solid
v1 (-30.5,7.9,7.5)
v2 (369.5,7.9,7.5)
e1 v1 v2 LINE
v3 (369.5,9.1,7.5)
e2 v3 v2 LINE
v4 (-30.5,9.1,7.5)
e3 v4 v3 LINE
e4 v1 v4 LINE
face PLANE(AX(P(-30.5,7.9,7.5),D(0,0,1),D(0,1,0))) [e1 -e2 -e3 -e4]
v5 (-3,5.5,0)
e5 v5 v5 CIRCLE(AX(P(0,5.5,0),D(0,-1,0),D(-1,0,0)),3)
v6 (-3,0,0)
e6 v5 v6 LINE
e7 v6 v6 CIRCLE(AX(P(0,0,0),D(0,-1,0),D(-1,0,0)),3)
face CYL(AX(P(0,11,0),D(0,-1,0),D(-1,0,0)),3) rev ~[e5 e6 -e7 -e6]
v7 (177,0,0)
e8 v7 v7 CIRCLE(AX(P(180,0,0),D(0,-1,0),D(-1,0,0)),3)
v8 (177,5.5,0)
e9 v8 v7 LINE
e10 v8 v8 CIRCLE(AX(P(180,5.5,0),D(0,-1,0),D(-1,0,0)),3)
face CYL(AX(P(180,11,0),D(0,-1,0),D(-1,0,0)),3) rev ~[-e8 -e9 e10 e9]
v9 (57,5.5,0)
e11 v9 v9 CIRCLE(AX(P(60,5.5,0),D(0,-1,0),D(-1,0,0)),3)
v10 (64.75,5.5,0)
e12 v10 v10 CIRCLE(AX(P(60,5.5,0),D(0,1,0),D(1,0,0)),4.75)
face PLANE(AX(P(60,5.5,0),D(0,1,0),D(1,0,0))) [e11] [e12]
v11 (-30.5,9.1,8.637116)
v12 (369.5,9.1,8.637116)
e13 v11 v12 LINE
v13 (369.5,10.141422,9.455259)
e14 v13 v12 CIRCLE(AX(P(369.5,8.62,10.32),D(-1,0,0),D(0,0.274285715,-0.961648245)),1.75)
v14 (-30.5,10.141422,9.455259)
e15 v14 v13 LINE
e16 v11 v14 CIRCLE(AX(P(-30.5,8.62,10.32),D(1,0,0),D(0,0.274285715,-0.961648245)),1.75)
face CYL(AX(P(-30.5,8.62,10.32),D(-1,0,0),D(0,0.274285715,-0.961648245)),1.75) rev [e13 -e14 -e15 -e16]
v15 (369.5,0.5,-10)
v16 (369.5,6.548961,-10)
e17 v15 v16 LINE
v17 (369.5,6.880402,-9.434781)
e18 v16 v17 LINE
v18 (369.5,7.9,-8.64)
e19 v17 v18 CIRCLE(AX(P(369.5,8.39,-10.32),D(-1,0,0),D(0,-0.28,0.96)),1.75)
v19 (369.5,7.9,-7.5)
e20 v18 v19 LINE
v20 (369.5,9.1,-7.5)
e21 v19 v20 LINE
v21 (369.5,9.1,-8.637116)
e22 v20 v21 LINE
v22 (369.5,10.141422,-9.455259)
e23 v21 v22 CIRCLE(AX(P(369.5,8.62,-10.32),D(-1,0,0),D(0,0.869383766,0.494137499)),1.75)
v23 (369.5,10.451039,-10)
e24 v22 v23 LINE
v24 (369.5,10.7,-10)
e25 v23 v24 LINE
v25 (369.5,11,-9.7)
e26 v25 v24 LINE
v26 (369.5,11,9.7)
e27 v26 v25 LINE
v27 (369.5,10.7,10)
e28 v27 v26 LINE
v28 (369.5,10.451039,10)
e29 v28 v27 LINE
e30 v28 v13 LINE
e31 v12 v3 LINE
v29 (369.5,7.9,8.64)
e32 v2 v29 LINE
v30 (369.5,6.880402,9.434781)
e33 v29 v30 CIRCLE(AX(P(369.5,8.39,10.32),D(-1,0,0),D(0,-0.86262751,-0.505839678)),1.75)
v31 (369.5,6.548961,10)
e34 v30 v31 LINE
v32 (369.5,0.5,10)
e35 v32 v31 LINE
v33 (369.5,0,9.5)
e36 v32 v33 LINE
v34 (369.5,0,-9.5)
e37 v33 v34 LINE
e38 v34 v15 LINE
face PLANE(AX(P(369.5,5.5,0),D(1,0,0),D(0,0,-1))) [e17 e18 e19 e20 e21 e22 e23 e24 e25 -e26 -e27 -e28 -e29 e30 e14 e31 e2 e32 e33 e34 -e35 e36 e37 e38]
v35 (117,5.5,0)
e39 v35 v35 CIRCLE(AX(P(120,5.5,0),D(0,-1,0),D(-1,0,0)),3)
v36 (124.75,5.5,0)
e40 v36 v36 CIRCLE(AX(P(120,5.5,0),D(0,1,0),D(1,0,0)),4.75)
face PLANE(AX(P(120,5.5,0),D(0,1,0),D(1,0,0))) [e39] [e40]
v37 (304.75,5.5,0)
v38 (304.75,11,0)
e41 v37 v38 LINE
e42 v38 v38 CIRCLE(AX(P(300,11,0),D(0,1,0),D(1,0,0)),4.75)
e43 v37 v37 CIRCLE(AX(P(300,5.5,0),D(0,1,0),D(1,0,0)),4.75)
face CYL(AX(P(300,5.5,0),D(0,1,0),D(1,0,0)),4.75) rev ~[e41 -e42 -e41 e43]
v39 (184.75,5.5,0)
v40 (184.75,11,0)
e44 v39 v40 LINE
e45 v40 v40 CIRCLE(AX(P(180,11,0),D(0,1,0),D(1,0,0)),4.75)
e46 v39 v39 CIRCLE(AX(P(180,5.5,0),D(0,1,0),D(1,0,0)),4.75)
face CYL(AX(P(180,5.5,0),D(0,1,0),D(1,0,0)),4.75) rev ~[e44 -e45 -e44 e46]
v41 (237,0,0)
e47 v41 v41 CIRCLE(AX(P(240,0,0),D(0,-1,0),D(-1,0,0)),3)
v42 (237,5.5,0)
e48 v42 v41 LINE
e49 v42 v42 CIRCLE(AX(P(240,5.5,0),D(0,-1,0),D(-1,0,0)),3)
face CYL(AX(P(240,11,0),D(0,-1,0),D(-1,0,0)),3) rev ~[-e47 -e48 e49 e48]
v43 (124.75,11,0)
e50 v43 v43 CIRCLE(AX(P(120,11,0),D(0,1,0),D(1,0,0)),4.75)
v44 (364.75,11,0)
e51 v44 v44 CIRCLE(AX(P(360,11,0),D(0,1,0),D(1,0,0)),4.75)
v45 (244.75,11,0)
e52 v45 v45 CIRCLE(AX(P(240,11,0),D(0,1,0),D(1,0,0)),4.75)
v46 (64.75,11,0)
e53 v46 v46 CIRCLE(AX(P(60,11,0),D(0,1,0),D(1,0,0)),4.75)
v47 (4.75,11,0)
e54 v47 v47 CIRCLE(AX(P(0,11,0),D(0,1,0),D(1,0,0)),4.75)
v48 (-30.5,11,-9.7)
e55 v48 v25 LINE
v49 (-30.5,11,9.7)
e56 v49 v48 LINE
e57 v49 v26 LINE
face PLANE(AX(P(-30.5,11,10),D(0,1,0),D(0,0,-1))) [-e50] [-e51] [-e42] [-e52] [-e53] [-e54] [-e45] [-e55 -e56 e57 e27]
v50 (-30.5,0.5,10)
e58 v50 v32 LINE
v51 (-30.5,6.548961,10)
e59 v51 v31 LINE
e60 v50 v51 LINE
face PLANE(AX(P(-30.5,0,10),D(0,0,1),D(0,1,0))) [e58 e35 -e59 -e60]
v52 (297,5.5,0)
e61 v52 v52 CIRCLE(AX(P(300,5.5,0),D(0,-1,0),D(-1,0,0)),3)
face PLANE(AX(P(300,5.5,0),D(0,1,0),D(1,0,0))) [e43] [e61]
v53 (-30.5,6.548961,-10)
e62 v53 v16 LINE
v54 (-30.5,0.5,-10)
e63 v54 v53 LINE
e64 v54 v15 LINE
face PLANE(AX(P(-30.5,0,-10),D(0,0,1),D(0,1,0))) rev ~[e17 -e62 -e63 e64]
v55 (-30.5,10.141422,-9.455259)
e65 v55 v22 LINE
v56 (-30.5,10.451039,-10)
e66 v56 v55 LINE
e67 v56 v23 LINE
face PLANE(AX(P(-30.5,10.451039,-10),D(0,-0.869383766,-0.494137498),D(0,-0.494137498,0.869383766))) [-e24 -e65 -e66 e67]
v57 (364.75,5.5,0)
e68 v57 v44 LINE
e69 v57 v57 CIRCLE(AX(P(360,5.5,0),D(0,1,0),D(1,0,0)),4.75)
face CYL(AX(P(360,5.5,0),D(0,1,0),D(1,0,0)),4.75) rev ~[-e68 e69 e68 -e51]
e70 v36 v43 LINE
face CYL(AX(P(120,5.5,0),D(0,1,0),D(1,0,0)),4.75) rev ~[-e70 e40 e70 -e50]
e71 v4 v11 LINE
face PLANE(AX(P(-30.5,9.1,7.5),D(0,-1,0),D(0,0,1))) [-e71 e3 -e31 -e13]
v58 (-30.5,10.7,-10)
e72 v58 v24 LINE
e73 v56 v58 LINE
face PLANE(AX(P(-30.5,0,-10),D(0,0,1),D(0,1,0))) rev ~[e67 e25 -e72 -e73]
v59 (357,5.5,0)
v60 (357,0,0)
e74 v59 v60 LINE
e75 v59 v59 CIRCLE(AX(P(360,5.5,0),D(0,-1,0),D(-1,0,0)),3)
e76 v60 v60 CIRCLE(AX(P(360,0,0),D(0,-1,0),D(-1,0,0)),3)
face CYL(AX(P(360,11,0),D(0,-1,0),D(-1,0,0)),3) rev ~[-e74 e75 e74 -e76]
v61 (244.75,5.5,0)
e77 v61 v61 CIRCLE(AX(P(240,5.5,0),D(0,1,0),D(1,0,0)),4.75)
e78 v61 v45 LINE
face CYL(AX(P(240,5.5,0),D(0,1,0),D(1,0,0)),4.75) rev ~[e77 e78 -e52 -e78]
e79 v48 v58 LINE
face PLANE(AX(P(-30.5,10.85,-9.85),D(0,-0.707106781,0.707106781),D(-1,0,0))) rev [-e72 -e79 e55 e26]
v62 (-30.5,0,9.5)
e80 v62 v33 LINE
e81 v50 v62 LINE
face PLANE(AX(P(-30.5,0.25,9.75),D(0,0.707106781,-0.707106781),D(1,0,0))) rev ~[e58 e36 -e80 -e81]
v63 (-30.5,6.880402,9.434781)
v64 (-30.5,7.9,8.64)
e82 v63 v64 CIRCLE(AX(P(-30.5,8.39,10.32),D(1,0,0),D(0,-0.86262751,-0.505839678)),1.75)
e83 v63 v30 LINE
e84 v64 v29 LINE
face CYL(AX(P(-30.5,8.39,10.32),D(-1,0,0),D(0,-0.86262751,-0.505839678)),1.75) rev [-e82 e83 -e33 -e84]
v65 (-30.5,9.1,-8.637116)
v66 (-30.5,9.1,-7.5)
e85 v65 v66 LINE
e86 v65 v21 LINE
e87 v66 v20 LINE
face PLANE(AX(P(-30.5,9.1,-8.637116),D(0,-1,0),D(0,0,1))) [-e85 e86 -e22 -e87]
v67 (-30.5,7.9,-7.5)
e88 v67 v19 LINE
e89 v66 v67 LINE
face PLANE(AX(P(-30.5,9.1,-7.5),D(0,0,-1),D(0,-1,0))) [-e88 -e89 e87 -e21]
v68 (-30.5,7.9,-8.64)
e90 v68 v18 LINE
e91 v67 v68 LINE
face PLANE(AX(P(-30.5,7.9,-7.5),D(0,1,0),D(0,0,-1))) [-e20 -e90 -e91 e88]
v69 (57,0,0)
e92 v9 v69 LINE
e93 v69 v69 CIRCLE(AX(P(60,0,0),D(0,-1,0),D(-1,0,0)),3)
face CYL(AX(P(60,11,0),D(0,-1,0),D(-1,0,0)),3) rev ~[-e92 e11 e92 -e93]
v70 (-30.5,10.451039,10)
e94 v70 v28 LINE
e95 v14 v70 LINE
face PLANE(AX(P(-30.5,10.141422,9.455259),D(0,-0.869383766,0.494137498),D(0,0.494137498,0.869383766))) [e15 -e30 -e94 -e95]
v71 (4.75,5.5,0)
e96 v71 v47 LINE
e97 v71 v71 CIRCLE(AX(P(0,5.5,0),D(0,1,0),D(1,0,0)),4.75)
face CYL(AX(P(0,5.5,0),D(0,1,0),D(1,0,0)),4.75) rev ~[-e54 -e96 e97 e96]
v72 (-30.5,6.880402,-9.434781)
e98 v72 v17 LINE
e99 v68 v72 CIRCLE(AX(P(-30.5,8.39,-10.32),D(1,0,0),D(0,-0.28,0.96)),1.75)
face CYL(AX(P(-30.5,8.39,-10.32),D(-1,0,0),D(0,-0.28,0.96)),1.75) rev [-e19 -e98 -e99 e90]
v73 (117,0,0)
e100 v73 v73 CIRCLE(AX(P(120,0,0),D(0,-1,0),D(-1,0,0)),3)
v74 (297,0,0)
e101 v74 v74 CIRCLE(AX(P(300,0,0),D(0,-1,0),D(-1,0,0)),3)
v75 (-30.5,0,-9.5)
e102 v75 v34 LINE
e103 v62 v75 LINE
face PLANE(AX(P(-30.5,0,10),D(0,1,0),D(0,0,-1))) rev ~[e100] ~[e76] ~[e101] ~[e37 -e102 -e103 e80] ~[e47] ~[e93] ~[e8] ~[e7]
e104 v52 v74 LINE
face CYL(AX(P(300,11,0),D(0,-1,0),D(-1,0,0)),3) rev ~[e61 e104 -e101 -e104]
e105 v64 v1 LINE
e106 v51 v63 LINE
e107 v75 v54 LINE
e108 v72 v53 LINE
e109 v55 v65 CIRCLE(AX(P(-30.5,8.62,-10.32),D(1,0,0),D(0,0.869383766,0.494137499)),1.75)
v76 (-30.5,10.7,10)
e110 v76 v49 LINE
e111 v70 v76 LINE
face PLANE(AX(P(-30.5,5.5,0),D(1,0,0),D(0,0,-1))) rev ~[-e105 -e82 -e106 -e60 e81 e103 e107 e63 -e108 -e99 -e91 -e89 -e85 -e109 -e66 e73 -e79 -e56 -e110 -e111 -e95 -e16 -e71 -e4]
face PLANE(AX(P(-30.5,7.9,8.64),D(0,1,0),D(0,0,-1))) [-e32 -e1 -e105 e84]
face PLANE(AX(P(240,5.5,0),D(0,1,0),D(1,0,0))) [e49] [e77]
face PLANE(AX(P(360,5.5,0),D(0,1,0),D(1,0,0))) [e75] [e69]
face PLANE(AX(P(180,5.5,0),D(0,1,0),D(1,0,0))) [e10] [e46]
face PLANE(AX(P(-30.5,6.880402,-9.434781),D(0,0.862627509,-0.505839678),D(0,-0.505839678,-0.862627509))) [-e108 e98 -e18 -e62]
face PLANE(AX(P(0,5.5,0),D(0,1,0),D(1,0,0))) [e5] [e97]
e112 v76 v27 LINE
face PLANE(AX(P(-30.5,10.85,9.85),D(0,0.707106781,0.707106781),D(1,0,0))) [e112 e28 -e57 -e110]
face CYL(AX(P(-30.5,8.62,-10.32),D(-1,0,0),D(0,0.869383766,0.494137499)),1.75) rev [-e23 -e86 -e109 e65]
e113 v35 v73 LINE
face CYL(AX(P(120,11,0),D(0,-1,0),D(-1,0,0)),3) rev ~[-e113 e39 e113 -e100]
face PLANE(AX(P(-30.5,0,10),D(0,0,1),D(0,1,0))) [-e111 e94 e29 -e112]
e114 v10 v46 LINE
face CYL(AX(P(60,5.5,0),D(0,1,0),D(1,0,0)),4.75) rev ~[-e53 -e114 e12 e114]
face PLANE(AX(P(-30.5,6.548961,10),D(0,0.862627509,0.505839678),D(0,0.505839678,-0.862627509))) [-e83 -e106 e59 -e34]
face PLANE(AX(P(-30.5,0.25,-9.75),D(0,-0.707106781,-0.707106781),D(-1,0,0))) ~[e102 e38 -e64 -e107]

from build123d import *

# Parameters (mm, degrees)
SKETCH1_W                                    = 20
SKETCH1_H                                    = 11
BOSS_EXTRUDE1_DEPTH                          = 400
CUT_EXTRUDE2_DEPTH                           = 401.276154673
CBORE_FOR_SOCKET_HEAD_CAP_SCREW1_D           = 6
CBORE_FOR_SOCKET_HEAD_CAP_SCREW1_CBORE_D     = 9.5
CBORE_FOR_SOCKET_HEAD_CAP_SCREW1_CBORE_DEPTH = 5.5
LPATTERN1_COUNT                              = 7
LPATTERN1_PITCH                              = 60
CHAMFER1_SIZE                                = 0.3
CHAMFER2_SIZE                                = 0.5


with BuildPart() as part:
    # Sketch1 → Boss-Extrude1 (new body)
    with BuildSketch(Plane(origin=(-30.5, 0, 0), x_dir=(0, 0, -1), z_dir=(1, 0, 0))):
        with Locations((0, 5.5)):
            Rectangle(SKETCH1_W, SKETCH1_H)
    extrude(amount=BOSS_EXTRUDE1_DEPTH)

    # Sketch3 → Cut-Extrude2 (cut, through all)
    with BuildSketch(Plane(origin=(-30.5, 0, 0), x_dir=(0, 0, -1), z_dir=(1, 0, 0))):
        with BuildLine():
            Line((10, 10.451039482), (9.455259378, 10.141421591))
            ThreePointArc((9.455259378, 10.141421591), (8.943868436, 9.701092928), (8.637115571, 9.1))
            Line((8.637115571, 9.1), (7.5, 9.1))
            Line((7.5, 9.1), (7.5, 7.9))
            Line((7.5, 7.9), (8.64, 7.9))
            ThreePointArc((8.64, 7.9), (8.939788863, 7.314120259), (9.434780564, 6.880401858))
            Line((9.434780564, 6.880401858), (10, 6.548960518))
            Line((10, 6.548960518), (10, 10.451039482))
        make_face()
        with BuildLine():
            Line((-10, 10.451039482), (-10, 6.548960518))
            Line((-10, 6.548960518), (-9.434780564, 6.880401858))
            ThreePointArc((-9.434780564, 6.880401858), (-8.939788863, 7.314120259), (-8.64, 7.9))
            Line((-8.64, 7.9), (-7.5, 7.9))
            Line((-7.5, 7.9), (-7.5, 9.1))
            Line((-7.5, 9.1), (-8.637115571, 9.1))
            ThreePointArc((-8.637115571, 9.1), (-8.943868436, 9.701092928), (-9.455259378, 10.141421591))
            Line((-9.455259378, 10.141421591), (-10, 10.451039482))
        make_face()
    extrude(amount=CUT_EXTRUDE2_DEPTH, mode=Mode.SUBTRACT)

    # CBORE for Socket Head Cap Screw1 (through all)
    with Locations(Plane(origin=(0, 11, 0), x_dir=(1, 0, 0), z_dir=(0, 1, 0))):
        with Locations((0, 0)):
            cbore_for_socket_head_cap_screw1 = CounterBoreHole(CBORE_FOR_SOCKET_HEAD_CAP_SCREW1_D / 2, CBORE_FOR_SOCKET_HEAD_CAP_SCREW1_CBORE_D / 2, CBORE_FOR_SOCKET_HEAD_CAP_SCREW1_CBORE_DEPTH)

    # LPattern1: CBORE for Socket Head Cap Screw1 ×7
    with Locations(*[(i * LPATTERN1_PITCH, 0, 0) for i in range(1, LPATTERN1_COUNT)]):
        add(cbore_for_socket_head_cap_screw1, mode=Mode.SUBTRACT)

    # Chamfer1
    chamfer1_edges = [part.edges().sort_by_distance(p)[0] for p in [
        (169.5, 11, 10),
        (169.5, 11, -10),
    ]]
    chamfer(chamfer1_edges, length=CHAMFER1_SIZE)

    # Chamfer2
    chamfer2_edges = [part.edges().sort_by_distance(p)[0] for p in [
        (169.5, 0, -10),
        (169.5, 0, 10),
    ]]
    chamfer(chamfer2_edges, length=CHAMFER2_SIZE)


solid = part.part
